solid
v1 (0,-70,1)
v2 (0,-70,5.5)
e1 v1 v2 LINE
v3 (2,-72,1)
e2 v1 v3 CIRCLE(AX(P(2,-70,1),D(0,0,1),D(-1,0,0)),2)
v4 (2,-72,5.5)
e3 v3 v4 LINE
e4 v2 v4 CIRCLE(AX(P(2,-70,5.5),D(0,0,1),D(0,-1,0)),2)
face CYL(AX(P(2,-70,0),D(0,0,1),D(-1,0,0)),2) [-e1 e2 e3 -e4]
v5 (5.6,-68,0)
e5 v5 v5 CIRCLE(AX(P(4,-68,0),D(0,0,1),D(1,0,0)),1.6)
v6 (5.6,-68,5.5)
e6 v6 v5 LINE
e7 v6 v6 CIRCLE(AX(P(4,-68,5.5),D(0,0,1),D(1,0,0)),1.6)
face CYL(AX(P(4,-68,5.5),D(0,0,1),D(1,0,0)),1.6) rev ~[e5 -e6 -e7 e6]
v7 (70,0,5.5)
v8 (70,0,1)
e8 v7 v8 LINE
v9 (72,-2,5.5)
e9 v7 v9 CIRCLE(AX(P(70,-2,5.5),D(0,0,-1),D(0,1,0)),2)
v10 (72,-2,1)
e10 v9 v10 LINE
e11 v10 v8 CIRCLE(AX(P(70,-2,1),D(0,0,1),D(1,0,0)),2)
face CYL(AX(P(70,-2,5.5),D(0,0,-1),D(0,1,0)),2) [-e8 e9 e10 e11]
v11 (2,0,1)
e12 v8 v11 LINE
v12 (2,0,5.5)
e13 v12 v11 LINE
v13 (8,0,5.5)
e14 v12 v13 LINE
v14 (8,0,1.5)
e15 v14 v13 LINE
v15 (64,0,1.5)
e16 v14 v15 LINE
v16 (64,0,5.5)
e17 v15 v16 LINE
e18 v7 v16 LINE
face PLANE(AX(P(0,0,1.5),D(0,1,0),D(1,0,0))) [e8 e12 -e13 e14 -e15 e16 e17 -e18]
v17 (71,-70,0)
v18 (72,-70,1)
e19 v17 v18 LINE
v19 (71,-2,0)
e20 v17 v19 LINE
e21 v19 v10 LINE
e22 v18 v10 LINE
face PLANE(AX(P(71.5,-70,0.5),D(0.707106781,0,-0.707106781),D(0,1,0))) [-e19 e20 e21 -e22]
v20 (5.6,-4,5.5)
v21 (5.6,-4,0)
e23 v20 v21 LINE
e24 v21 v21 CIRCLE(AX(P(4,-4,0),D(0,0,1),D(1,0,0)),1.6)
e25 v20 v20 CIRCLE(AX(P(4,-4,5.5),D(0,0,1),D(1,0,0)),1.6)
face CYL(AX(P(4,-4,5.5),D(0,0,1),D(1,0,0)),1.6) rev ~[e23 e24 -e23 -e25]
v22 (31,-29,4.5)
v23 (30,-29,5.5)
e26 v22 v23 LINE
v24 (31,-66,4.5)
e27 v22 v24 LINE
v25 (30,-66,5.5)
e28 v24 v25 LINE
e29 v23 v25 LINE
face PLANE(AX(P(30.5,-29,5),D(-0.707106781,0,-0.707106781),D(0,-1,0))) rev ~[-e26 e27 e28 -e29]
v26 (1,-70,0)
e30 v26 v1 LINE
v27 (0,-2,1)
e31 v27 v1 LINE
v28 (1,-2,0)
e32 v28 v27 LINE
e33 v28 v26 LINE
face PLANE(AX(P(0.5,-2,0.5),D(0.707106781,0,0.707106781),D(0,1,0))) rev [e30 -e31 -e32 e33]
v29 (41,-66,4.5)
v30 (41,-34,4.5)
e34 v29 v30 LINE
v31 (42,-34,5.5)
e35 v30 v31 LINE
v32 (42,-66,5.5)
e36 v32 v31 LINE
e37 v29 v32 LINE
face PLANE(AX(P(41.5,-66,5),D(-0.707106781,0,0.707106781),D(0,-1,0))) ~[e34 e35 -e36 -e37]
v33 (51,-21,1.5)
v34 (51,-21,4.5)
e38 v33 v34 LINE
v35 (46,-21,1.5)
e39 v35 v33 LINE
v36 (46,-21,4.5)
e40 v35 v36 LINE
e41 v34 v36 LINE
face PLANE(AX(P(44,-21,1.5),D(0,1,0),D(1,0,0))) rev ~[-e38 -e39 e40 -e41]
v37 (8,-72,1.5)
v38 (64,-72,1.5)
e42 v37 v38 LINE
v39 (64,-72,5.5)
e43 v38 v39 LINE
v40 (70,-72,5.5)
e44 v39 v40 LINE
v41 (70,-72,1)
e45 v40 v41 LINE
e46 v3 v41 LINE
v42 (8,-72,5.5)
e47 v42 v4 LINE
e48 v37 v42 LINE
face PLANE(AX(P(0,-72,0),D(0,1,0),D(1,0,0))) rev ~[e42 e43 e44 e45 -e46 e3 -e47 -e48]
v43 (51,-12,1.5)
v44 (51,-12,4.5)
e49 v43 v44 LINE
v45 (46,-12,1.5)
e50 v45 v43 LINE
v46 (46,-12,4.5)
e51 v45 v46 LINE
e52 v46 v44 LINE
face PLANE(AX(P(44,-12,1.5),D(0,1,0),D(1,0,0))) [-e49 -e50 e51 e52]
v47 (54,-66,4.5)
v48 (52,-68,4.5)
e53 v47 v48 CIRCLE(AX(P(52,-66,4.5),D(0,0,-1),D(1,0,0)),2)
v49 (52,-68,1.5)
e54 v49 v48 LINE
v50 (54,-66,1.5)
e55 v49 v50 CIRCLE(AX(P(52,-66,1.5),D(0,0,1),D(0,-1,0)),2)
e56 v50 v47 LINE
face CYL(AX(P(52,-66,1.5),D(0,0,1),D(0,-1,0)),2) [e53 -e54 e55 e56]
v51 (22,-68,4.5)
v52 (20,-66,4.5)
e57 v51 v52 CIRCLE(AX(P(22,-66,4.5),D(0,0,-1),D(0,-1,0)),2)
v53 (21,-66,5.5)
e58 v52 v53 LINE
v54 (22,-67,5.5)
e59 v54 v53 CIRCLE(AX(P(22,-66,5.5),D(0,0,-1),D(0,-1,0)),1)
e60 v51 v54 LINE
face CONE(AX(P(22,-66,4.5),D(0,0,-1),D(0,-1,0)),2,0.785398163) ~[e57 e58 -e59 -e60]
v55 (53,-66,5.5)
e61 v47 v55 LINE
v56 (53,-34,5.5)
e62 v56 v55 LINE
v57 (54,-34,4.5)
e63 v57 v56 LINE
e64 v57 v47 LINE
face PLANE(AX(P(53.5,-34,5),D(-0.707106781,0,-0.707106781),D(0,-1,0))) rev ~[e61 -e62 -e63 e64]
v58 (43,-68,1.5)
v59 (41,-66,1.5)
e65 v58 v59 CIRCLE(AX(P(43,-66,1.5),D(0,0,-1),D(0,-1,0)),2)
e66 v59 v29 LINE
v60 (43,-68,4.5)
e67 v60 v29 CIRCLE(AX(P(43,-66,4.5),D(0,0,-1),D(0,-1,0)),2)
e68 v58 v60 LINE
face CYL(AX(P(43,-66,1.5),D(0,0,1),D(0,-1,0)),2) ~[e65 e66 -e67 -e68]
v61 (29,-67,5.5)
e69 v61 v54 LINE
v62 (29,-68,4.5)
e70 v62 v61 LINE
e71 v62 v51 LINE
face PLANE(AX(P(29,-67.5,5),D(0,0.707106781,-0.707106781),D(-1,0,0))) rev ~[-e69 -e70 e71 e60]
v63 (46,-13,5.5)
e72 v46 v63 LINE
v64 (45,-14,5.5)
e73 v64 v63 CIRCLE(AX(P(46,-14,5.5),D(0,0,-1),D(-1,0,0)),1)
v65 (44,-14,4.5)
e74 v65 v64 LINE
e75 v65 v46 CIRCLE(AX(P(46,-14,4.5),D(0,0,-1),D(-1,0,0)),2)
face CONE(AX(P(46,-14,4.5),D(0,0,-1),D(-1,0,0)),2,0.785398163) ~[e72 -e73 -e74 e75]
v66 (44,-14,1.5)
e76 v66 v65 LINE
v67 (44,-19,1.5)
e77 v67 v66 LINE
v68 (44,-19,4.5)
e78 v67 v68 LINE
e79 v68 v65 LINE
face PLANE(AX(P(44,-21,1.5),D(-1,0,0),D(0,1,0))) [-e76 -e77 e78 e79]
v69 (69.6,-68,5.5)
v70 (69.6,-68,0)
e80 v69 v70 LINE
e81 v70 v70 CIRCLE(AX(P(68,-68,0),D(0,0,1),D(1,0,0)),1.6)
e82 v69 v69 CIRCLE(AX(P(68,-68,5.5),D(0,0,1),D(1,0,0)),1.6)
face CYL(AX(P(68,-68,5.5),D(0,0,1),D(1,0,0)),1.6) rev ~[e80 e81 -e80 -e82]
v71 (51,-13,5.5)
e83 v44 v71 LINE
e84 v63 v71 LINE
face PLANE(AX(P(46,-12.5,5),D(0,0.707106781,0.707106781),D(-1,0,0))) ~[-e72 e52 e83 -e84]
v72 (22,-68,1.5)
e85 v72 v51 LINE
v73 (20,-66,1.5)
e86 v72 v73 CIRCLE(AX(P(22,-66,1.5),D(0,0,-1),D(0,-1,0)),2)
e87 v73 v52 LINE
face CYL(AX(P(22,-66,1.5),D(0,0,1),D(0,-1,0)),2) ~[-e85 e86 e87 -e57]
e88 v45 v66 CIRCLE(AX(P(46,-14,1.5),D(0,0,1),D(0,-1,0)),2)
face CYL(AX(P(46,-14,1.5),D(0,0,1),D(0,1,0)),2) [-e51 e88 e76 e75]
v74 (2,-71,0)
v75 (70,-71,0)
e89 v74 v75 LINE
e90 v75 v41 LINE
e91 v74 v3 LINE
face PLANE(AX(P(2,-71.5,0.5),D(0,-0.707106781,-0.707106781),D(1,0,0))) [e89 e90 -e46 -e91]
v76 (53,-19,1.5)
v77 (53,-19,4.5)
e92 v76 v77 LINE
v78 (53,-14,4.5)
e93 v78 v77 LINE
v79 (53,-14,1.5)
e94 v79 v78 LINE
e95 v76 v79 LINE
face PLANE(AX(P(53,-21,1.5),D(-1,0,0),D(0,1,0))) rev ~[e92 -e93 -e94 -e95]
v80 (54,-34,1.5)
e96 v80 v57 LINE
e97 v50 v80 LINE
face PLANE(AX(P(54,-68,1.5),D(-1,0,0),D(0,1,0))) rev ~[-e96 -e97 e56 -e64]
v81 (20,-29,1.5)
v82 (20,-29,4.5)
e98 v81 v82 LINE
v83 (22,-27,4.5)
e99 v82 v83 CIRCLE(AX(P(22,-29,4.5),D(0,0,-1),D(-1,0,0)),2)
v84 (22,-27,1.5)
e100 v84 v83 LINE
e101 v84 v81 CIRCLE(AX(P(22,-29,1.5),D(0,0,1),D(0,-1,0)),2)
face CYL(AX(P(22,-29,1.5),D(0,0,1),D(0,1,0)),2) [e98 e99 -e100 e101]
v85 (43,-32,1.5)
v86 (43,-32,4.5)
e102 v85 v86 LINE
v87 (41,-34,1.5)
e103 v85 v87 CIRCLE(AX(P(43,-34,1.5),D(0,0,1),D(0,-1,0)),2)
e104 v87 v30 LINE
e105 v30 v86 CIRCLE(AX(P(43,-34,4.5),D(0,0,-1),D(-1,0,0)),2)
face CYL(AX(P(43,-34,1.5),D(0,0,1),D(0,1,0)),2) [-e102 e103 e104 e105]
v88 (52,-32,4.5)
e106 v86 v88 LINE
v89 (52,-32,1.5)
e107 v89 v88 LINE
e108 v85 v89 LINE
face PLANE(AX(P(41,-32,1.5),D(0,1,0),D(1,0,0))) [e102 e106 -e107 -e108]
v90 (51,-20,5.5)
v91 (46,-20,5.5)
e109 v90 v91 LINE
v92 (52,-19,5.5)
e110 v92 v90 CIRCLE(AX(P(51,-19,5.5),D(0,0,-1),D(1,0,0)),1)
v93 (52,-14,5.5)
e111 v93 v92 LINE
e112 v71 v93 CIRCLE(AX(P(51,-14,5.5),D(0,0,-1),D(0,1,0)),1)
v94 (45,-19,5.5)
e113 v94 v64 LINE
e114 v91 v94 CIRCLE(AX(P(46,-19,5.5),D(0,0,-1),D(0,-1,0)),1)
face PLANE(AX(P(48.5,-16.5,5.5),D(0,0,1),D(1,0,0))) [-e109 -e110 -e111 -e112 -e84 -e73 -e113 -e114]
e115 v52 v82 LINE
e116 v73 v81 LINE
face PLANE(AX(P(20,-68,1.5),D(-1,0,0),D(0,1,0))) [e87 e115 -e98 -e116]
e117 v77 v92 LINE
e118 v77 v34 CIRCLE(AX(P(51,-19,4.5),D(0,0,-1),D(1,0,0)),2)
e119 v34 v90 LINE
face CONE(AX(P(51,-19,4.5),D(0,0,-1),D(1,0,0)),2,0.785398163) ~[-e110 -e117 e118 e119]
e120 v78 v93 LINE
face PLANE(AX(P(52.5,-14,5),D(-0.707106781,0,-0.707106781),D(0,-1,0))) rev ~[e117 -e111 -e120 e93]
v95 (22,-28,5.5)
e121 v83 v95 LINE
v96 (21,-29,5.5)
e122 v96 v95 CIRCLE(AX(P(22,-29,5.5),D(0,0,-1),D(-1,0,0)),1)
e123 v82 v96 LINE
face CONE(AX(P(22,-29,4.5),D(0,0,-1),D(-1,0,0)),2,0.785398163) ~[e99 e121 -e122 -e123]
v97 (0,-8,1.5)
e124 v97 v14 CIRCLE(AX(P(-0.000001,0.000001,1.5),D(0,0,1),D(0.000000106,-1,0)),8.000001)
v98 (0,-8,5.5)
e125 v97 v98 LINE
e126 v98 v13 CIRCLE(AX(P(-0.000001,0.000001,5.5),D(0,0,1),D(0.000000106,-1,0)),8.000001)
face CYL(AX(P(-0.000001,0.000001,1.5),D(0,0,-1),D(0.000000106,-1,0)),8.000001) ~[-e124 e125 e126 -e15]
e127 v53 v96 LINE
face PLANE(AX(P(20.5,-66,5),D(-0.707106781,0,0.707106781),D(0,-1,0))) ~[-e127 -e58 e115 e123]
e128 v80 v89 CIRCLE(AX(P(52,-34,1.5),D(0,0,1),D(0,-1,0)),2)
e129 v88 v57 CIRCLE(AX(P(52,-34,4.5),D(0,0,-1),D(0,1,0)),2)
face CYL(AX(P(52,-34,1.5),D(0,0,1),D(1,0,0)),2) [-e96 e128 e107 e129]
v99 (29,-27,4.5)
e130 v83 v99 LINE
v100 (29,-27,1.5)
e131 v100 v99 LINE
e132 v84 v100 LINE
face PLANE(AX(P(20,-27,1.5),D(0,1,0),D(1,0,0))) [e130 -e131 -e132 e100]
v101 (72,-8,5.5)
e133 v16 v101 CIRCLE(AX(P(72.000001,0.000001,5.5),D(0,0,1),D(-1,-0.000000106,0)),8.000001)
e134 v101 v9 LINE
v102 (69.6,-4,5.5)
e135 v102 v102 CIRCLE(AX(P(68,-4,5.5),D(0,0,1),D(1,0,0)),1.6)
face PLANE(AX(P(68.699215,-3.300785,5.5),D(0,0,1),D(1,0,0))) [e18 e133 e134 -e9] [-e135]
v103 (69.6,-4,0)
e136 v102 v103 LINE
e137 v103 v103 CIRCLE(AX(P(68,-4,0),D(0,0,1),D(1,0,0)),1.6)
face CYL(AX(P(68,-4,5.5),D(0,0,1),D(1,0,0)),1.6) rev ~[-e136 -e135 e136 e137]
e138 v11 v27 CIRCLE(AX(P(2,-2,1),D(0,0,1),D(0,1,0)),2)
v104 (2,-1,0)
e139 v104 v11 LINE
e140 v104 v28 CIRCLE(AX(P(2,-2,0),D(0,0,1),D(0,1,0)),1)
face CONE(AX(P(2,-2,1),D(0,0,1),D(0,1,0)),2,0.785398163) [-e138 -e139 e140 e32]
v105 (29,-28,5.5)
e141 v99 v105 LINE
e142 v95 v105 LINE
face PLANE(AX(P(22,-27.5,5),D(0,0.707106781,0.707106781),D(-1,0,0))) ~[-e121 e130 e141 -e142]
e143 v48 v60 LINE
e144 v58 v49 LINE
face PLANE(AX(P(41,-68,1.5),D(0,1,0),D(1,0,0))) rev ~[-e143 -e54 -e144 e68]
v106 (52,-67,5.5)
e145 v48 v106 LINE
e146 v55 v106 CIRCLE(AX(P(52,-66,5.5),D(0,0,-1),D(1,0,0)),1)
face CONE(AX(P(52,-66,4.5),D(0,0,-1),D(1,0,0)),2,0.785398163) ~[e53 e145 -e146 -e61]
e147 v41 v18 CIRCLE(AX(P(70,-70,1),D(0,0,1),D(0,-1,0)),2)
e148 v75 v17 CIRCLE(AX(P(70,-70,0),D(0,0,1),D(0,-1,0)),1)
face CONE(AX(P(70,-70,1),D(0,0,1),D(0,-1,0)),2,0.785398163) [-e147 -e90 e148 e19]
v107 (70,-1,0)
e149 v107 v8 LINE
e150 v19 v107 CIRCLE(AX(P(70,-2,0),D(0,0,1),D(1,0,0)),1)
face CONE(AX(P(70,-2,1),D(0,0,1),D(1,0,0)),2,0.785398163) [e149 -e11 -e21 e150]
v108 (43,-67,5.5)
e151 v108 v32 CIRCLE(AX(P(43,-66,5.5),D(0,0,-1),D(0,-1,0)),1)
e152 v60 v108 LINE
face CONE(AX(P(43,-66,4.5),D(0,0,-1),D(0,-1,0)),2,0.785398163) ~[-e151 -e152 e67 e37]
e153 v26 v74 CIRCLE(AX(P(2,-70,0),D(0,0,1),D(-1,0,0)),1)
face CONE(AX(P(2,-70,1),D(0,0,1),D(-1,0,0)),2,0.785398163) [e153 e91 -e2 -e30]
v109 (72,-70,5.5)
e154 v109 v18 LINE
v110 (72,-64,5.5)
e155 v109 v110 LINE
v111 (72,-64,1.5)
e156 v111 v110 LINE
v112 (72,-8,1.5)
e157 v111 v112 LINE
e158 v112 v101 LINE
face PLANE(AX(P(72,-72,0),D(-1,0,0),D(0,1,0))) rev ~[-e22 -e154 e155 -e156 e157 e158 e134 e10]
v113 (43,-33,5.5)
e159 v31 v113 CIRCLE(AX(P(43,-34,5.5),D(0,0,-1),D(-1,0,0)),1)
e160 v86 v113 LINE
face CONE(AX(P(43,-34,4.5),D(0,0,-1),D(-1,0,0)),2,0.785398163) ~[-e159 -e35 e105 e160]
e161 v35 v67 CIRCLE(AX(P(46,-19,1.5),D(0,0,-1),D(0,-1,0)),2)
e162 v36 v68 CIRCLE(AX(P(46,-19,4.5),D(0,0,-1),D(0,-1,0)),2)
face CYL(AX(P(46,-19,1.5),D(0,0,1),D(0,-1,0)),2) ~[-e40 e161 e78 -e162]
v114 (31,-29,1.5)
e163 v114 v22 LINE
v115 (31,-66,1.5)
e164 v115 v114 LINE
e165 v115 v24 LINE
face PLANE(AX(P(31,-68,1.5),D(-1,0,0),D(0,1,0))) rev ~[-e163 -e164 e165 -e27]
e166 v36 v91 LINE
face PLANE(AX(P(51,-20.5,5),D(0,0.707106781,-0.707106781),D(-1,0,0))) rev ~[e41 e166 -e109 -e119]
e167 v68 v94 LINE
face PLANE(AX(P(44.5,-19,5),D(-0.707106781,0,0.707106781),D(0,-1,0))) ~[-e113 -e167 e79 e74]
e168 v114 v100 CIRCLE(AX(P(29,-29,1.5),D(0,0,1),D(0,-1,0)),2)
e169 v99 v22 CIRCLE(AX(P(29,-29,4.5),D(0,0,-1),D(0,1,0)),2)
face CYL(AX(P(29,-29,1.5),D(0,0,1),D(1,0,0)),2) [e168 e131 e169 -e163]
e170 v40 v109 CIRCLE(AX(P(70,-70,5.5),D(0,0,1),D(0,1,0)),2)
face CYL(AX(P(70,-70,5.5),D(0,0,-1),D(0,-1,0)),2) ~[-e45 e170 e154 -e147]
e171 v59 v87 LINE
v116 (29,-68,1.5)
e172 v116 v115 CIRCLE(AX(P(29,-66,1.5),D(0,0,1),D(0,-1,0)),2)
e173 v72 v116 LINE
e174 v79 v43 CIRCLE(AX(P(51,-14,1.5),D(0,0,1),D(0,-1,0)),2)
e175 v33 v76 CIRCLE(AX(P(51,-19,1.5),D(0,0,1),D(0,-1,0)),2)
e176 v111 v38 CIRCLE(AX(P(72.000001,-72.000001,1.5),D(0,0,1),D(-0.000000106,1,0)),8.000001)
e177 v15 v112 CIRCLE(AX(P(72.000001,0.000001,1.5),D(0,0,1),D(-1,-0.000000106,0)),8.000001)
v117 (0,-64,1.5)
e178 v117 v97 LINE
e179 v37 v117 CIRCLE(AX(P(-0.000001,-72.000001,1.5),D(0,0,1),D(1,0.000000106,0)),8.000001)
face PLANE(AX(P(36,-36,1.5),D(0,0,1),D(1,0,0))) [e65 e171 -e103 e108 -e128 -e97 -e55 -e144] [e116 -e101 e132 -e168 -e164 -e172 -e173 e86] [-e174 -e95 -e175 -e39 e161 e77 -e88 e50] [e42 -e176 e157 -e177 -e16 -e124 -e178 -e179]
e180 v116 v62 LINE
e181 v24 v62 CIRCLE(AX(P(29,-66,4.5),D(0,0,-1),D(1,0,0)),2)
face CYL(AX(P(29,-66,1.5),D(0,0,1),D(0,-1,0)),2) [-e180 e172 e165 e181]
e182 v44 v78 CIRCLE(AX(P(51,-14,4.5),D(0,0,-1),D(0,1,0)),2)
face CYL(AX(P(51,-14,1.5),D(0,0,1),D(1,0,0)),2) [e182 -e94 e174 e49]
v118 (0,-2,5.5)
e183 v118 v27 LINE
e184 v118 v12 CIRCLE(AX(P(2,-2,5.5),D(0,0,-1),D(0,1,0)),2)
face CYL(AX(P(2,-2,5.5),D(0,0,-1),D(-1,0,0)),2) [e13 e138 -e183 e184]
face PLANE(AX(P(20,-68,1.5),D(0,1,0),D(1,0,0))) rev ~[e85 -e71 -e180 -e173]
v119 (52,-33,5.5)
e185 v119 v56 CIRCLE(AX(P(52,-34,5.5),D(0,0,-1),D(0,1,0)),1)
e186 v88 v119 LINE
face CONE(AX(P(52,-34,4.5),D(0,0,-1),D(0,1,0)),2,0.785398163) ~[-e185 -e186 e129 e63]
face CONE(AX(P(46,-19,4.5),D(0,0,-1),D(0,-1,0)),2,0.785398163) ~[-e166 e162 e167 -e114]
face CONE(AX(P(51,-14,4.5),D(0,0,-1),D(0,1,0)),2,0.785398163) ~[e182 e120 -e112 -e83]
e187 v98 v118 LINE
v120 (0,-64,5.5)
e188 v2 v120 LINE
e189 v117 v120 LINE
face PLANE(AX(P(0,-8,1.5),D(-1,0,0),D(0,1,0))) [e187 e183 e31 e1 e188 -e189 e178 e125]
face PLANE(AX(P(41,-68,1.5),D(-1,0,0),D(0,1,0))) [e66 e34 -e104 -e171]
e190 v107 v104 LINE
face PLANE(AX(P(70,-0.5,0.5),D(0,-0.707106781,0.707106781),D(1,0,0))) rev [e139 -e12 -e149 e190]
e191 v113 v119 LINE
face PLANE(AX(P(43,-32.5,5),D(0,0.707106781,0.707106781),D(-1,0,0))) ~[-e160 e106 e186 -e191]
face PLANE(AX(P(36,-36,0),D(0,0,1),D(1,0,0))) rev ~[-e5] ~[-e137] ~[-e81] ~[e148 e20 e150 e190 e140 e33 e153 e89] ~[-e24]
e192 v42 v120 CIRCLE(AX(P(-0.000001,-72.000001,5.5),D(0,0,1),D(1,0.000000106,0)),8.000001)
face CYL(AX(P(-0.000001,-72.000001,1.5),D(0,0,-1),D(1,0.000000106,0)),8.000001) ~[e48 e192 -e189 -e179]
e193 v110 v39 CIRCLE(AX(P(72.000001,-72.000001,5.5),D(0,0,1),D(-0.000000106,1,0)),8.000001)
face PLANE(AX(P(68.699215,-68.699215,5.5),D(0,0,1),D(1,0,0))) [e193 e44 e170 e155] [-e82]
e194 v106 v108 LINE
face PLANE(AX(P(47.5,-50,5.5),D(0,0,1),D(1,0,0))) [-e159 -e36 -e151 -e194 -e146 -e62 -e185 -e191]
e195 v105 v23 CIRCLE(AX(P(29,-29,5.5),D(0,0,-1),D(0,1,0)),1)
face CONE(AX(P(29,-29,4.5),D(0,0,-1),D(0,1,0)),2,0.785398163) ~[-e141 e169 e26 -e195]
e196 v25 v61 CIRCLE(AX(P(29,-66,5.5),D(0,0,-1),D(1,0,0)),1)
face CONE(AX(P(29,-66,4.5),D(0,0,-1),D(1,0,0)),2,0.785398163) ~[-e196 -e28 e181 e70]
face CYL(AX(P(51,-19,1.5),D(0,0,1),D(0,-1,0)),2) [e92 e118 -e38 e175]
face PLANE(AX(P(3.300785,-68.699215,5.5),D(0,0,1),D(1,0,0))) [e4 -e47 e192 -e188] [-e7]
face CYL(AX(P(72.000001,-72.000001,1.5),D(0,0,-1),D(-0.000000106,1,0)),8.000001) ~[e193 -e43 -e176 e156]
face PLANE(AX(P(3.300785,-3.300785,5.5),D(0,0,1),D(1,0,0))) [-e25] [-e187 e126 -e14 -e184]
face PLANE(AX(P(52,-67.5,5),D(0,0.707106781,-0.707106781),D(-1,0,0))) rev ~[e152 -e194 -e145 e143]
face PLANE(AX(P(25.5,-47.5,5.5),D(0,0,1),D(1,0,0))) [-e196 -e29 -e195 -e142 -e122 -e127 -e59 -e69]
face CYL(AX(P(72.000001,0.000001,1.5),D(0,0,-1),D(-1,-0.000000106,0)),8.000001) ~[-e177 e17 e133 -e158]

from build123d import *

# Parameters (mm, degrees)
SKETCH_W        = 72
SKETCH_H        = 72
PAD_DEPTH       = 1.5
PAD001_DEPTH    = 4
SKETCH002_R     = 1.6
POCKET_DEPTH    = 5.501
SKETCH003_W     = 11
SKETCH003_H     = 41
SKETCH003_W_2   = 13
SKETCH003_H_2   = 36
SKETCH003_W_3   = 9
SKETCH003_H_3   = 9
PAD002_DEPTH    = 4
FILLET_R        = 2
CHAMFER_SIZE    = 1
FILLET001_R     = 2
CHAMFER001_SIZE = 1


with BuildPart() as part:
    # Sketch → Pad (new body)
    with BuildSketch(Plane.XY):
        with Locations((36, -36)):
            Rectangle(SKETCH_W, SKETCH_H)
    extrude(amount=PAD_DEPTH)

    # Sketch001 (on Face6 of Pad) → Pad001 (join)
    with BuildSketch(Plane.XY.offset(1.5)):
        with BuildLine():
            ThreePointArc((0, -8), (5.656854, -5.656854), (8, 0))
            Line((0, 0), (8, 0))
            Line((0, -8), (0, 0))
        make_face()
        with BuildLine():
            ThreePointArc((8, -72), (5.656854, -66.343146), (0, -64))
            Line((0, -72), (0, -64))
            Line((8, -72), (0, -72))
        make_face()
        with BuildLine():
            ThreePointArc((72, -64), (66.343146, -66.343146), (64, -72))
            Line((64, -72), (72, -72))
            Line((72, -72), (72, -64))
        make_face()
        with BuildLine():
            ThreePointArc((64, 0), (66.343146, -5.656854), (72, -8))
            Line((72, -8), (72, 0))
            Line((72, 0), (64, 0))
        make_face()
    extrude(amount=PAD001_DEPTH)

    # Sketch002 (on Face14 of Pad001) → Pocket (cut, through all)
    with BuildSketch(Plane.XY.offset(5.5)):
        with Locations((4, -4)):
            Circle(SKETCH002_R)
        with Locations((68, -4)):
            Circle(SKETCH002_R)
        with Locations((68, -68)):
            Circle(SKETCH002_R)
        with Locations((4, -68)):
            Circle(SKETCH002_R)
    extrude(amount=-POCKET_DEPTH, mode=Mode.SUBTRACT)

    # Sketch003 (on Face6 of Pocket) → Pad002 (join)
    with BuildSketch(Plane.XY.offset(1.5)):
        with Locations((25.5, -47.5)):
            Rectangle(SKETCH003_W, SKETCH003_H)
        with Locations((47.5, -50)):
            Rectangle(SKETCH003_W_2, SKETCH003_H_2)
        with Locations((48.5, -16.5)):
            Rectangle(SKETCH003_W_3, SKETCH003_H_3)
    extrude(amount=PAD002_DEPTH)

    # Fillet
    fillet_edges = [part.edges().sort_by_distance(p)[0] for p in [
        (20, -68, 3.5),
        (31, -68, 3.5),
        (31, -27, 3.5),
        (20, -27, 3.5),
        (44, -12, 3.5),
        (53, -12, 3.5),
        (53, -21, 3.5),
        (44, -21, 3.5),
        (41, -32, 3.5),
        (54, -32, 3.5),
        (54, -68, 3.5),
        (41, -68, 3.5),
    ]]
    fillet(fillet_edges, radius=FILLET_R)

    # Chamfer
    chamfer_edges = [part.edges().sort_by_distance(p)[0] for p in [
        (20, -47.5, 5.5),
        (41, -50, 5.5),
        (44, -16.5, 5.5),
    ]]
    chamfer(chamfer_edges, length=CHAMFER_SIZE)

    # Fillet001
    fillet001_edges = [part.edges().sort_by_distance(p)[0] for p in [
        (72, -72, 3.5),
        (0, -72, 3.5),
        (0, 0, 3.5),
        (72, 0, 3.5),
    ]]
    fillet(fillet001_edges, radius=FILLET001_R)

    # Chamfer001
    chamfer001_edges = [part.edges().sort_by_distance(p)[0] for p in [
        (72, -36, 0),
    ]]
    chamfer(chamfer001_edges, length=CHAMFER001_SIZE)


solid = part.part
